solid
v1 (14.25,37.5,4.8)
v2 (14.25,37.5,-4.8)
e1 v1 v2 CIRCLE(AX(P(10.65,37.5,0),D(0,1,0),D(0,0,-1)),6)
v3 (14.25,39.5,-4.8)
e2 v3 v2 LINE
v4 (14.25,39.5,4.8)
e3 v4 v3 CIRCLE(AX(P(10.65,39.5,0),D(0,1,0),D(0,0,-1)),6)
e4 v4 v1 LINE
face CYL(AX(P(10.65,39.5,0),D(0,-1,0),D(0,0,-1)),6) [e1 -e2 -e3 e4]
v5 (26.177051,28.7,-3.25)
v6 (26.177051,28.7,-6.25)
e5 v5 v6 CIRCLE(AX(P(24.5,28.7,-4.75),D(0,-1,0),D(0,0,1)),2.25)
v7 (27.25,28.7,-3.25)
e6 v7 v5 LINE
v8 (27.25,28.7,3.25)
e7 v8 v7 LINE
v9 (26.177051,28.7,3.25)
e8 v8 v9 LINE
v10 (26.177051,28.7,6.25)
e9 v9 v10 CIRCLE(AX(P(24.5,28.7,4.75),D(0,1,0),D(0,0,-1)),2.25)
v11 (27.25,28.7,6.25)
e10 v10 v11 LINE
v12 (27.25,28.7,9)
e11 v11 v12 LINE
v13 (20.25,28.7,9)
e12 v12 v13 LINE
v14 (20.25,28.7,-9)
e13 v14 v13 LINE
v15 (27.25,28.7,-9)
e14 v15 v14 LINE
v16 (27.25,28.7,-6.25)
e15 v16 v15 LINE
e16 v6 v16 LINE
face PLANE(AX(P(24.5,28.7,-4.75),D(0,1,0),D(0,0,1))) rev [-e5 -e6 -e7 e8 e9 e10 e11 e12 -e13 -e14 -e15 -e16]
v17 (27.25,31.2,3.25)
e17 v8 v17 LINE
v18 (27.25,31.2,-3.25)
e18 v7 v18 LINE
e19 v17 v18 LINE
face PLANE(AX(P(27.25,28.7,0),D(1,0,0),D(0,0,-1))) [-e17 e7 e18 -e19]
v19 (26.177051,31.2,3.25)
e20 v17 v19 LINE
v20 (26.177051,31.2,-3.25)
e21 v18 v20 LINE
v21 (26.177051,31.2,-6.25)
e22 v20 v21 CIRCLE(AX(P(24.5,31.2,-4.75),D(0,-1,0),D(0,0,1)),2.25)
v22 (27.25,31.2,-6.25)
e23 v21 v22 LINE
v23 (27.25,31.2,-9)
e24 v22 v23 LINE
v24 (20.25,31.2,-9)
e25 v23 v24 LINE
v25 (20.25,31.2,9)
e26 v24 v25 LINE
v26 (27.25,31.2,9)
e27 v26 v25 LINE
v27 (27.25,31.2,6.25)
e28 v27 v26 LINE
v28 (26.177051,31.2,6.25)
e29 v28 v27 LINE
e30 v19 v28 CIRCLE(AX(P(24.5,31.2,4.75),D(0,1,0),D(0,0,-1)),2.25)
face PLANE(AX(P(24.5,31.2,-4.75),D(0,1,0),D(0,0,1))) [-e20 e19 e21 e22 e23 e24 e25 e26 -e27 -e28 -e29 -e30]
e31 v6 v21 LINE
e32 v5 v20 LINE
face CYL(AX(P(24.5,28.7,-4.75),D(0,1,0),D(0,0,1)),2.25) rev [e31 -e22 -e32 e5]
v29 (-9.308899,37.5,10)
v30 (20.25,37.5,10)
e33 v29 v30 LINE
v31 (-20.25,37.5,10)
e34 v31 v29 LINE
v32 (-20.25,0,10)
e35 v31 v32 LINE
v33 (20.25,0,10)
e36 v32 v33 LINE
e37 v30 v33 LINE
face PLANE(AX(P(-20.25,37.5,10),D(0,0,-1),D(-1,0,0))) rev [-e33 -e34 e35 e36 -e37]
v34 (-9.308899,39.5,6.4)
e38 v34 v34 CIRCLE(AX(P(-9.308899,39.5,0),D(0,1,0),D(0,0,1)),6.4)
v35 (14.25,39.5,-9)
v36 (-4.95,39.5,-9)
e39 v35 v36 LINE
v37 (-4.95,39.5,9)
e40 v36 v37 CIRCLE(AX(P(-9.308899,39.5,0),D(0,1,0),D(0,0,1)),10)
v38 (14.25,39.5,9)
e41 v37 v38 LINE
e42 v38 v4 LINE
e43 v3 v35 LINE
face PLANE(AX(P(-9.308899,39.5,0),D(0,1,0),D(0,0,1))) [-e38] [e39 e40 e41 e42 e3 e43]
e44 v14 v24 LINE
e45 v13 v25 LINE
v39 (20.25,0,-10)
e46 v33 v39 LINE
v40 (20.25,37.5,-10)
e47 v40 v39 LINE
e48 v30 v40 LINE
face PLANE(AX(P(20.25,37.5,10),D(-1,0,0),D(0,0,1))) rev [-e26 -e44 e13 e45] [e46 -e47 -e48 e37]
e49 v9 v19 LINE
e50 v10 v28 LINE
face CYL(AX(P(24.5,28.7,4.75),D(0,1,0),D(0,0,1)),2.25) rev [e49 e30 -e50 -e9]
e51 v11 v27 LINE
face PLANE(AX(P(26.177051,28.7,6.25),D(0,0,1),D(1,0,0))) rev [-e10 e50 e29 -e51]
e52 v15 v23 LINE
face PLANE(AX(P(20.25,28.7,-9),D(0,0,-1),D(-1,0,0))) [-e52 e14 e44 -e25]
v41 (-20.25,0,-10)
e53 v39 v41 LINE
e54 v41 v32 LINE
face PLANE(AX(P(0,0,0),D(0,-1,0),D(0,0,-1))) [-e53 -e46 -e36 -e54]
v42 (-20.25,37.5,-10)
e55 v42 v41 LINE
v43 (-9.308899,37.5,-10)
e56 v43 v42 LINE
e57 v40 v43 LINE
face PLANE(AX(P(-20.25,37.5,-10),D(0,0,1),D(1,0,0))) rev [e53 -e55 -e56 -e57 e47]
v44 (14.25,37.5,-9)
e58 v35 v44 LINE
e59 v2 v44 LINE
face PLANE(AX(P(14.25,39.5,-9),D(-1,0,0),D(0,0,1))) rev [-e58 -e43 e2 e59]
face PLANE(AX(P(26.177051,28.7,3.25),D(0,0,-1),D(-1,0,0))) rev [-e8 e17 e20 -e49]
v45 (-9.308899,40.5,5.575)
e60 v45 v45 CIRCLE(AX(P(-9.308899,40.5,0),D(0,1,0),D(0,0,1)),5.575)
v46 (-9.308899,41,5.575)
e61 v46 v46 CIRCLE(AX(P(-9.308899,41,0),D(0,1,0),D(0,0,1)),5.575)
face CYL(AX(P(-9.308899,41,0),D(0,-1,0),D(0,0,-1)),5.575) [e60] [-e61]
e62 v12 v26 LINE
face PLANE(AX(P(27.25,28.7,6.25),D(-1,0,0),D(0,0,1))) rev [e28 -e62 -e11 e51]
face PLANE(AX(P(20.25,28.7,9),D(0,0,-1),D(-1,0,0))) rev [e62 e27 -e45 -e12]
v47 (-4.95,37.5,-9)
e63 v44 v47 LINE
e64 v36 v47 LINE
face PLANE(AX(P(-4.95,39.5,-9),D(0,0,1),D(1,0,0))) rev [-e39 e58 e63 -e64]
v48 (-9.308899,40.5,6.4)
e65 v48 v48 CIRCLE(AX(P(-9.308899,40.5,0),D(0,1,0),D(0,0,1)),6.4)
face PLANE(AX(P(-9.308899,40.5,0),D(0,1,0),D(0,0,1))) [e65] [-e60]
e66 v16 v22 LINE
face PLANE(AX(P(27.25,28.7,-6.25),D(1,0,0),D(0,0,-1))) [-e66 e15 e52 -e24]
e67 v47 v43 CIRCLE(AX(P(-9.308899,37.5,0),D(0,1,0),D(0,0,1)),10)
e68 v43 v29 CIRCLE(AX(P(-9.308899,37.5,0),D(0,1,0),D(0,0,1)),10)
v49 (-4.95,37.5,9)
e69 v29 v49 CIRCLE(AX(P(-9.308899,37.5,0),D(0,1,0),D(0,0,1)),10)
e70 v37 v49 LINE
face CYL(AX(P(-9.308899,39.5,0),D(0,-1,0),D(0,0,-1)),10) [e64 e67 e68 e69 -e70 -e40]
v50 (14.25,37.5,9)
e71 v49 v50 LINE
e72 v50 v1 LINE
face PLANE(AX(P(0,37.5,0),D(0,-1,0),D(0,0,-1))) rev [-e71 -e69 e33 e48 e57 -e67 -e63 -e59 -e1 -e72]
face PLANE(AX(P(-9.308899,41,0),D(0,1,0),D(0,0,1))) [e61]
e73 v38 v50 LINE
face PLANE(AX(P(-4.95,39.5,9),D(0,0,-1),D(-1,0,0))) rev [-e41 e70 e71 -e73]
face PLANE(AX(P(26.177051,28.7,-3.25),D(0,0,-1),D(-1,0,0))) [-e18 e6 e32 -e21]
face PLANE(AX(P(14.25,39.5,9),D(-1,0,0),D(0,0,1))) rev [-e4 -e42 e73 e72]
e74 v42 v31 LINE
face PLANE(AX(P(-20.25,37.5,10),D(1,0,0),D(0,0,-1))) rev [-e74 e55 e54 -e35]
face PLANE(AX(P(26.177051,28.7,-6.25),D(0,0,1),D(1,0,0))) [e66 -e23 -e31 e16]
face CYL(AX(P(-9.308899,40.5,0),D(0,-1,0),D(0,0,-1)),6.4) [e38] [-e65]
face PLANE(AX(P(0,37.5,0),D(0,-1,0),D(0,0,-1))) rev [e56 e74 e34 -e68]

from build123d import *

# Parameters (mm, degrees)
SKETCH1_W            = 40.5
SKETCH1_H            = 20
BOSS_EXTRUDE1_DEPTH  = 37.5
BOSS_EXTRUDE2_DEPTH  = 2
SKETCH3_R            = 6.4
BOSS_EXTRUDE3_DEPTH  = 1
SKETCH4_R            = 5.575
BOSS_EXTRUDE4_DEPTH  = 0.5
BOSS_EXTRUDE5_DEPTH  = 2.5
MIRROR2_COPY_1_DEPTH = 2.5
SKETCH_1_W           = 7
SKETCH_1_H           = 2.5
CUT_EXTRUDE_1_DEPTH  = 53.768953941


with BuildPart() as part:
    # Sketch1 → Boss-Extrude1 (new body)
    with BuildSketch(Plane(origin=(0, 0, 0), x_dir=(1, 0, 0), z_dir=(0, 1, 0))):
        Rectangle(SKETCH1_W, SKETCH1_H)
    extrude(amount=BOSS_EXTRUDE1_DEPTH)

    # Sketch2 → Boss-Extrude2 (add)
    with BuildSketch(Plane(origin=(0, 37.5, 0), x_dir=(1, 0, 0), z_dir=(0, 1, 0))):
        with BuildLine():
            Line((-4.95, -9), (14.25, -9))
            Line((14.25, -9), (14.25, -4.8))
            ThreePointArc((14.25, -4.8), (16.65, 0), (14.25, 4.8))
            Line((14.25, 4.8), (14.25, 9))
            Line((14.25, 9), (-4.95, 9))
            ThreePointArc((-4.95, 9), (-19.308898944, 0), (-4.95, -9))
        make_face()
    extrude(amount=BOSS_EXTRUDE2_DEPTH)

    # Sketch3 → Boss-Extrude3 (add)
    with BuildSketch(Plane(origin=(0, 39.5, 0), x_dir=(1, 0, 0), z_dir=(0, 1, 0))):
        with Locations(Location((-9.308898944, 0, 0), (0, 0, 270))):
            Circle(SKETCH3_R)
    extrude(amount=BOSS_EXTRUDE3_DEPTH)

    # Sketch4 → Boss-Extrude4 (add)
    with BuildSketch(Plane(origin=(0, 40.5, 0), x_dir=(1, 0, 0), z_dir=(0, 1, 0))):
        with Locations(Location((-9.308898944, 0, 0), (0, 0, 270))):
            Circle(SKETCH4_R)
    extrude(amount=BOSS_EXTRUDE4_DEPTH)

    # Sketch5 → Boss-Extrude5 (add)
    with BuildSketch(Plane(origin=(0, 31.2, 0), x_dir=(1, 0, 0), z_dir=(0, 1, 0))):
        with BuildLine():
            Line((20.25, 9), (27.25, 9))
            Line((27.25, 9), (27.25, 6.25))
            Line((27.25, 6.25), (26.177050983, 6.25))
            ThreePointArc((26.177050983, 6.25), (22.25, 4.75), (26.177050983, 3.25))
            Line((26.177050983, 3.25), (27.25, 3.25))
            Line((27.25, 3.25), (27.25, 0))
            Line((27.25, 0), (20.25, 0))
            Line((20.25, 0), (20.25, 9))
        make_face()
    boss_extrude5 = extrude(amount=-BOSS_EXTRUDE5_DEPTH)

    # Mirror1: Boss-Extrude5 across plane
    add(boss_extrude5.mirror(Plane(origin=(0, 0, 0), x_dir=(0, 0, 1), z_dir=(1, 0, 0))))

    # Mirror2: Boss-Extrude5 across plane
    add(boss_extrude5.mirror(Plane.XY))

    # Mirror2 copy 1 sketch → Mirror2 copy 1 (add)
    with BuildSketch(Plane(origin=(0, 31.2, 0), x_dir=(-1, 0, 0), z_dir=(0, 1, 0))):
        with BuildLine():
            Line((20.25, 9), (27.25, 9))
            Line((27.25, 9), (27.25, 6.25))
            Line((27.25, 6.25), (26.177050983, 6.25))
            ThreePointArc((26.177050983, 6.25), (22.25, 4.75), (26.177050983, 3.25))
            Line((26.177050983, 3.25), (27.25, 3.25))
            Line((27.25, 3.25), (27.25, 0))
            Line((27.25, 0), (20.25, 0))
            Line((20.25, 0), (20.25, 9))
        make_face()
    extrude(amount=-MIRROR2_COPY_1_DEPTH)

    # ｽｹｯﾁ1 → ｶｯﾄ - 押し出し1 (cut, through all)
    with BuildSketch(Plane.XY.offset(9)):
        with Locations((-23.75, 29.95)):
            Rectangle(SKETCH_1_W, SKETCH_1_H)
    extrude(amount=-CUT_EXTRUDE_1_DEPTH, mode=Mode.SUBTRACT)


solid = part.part
